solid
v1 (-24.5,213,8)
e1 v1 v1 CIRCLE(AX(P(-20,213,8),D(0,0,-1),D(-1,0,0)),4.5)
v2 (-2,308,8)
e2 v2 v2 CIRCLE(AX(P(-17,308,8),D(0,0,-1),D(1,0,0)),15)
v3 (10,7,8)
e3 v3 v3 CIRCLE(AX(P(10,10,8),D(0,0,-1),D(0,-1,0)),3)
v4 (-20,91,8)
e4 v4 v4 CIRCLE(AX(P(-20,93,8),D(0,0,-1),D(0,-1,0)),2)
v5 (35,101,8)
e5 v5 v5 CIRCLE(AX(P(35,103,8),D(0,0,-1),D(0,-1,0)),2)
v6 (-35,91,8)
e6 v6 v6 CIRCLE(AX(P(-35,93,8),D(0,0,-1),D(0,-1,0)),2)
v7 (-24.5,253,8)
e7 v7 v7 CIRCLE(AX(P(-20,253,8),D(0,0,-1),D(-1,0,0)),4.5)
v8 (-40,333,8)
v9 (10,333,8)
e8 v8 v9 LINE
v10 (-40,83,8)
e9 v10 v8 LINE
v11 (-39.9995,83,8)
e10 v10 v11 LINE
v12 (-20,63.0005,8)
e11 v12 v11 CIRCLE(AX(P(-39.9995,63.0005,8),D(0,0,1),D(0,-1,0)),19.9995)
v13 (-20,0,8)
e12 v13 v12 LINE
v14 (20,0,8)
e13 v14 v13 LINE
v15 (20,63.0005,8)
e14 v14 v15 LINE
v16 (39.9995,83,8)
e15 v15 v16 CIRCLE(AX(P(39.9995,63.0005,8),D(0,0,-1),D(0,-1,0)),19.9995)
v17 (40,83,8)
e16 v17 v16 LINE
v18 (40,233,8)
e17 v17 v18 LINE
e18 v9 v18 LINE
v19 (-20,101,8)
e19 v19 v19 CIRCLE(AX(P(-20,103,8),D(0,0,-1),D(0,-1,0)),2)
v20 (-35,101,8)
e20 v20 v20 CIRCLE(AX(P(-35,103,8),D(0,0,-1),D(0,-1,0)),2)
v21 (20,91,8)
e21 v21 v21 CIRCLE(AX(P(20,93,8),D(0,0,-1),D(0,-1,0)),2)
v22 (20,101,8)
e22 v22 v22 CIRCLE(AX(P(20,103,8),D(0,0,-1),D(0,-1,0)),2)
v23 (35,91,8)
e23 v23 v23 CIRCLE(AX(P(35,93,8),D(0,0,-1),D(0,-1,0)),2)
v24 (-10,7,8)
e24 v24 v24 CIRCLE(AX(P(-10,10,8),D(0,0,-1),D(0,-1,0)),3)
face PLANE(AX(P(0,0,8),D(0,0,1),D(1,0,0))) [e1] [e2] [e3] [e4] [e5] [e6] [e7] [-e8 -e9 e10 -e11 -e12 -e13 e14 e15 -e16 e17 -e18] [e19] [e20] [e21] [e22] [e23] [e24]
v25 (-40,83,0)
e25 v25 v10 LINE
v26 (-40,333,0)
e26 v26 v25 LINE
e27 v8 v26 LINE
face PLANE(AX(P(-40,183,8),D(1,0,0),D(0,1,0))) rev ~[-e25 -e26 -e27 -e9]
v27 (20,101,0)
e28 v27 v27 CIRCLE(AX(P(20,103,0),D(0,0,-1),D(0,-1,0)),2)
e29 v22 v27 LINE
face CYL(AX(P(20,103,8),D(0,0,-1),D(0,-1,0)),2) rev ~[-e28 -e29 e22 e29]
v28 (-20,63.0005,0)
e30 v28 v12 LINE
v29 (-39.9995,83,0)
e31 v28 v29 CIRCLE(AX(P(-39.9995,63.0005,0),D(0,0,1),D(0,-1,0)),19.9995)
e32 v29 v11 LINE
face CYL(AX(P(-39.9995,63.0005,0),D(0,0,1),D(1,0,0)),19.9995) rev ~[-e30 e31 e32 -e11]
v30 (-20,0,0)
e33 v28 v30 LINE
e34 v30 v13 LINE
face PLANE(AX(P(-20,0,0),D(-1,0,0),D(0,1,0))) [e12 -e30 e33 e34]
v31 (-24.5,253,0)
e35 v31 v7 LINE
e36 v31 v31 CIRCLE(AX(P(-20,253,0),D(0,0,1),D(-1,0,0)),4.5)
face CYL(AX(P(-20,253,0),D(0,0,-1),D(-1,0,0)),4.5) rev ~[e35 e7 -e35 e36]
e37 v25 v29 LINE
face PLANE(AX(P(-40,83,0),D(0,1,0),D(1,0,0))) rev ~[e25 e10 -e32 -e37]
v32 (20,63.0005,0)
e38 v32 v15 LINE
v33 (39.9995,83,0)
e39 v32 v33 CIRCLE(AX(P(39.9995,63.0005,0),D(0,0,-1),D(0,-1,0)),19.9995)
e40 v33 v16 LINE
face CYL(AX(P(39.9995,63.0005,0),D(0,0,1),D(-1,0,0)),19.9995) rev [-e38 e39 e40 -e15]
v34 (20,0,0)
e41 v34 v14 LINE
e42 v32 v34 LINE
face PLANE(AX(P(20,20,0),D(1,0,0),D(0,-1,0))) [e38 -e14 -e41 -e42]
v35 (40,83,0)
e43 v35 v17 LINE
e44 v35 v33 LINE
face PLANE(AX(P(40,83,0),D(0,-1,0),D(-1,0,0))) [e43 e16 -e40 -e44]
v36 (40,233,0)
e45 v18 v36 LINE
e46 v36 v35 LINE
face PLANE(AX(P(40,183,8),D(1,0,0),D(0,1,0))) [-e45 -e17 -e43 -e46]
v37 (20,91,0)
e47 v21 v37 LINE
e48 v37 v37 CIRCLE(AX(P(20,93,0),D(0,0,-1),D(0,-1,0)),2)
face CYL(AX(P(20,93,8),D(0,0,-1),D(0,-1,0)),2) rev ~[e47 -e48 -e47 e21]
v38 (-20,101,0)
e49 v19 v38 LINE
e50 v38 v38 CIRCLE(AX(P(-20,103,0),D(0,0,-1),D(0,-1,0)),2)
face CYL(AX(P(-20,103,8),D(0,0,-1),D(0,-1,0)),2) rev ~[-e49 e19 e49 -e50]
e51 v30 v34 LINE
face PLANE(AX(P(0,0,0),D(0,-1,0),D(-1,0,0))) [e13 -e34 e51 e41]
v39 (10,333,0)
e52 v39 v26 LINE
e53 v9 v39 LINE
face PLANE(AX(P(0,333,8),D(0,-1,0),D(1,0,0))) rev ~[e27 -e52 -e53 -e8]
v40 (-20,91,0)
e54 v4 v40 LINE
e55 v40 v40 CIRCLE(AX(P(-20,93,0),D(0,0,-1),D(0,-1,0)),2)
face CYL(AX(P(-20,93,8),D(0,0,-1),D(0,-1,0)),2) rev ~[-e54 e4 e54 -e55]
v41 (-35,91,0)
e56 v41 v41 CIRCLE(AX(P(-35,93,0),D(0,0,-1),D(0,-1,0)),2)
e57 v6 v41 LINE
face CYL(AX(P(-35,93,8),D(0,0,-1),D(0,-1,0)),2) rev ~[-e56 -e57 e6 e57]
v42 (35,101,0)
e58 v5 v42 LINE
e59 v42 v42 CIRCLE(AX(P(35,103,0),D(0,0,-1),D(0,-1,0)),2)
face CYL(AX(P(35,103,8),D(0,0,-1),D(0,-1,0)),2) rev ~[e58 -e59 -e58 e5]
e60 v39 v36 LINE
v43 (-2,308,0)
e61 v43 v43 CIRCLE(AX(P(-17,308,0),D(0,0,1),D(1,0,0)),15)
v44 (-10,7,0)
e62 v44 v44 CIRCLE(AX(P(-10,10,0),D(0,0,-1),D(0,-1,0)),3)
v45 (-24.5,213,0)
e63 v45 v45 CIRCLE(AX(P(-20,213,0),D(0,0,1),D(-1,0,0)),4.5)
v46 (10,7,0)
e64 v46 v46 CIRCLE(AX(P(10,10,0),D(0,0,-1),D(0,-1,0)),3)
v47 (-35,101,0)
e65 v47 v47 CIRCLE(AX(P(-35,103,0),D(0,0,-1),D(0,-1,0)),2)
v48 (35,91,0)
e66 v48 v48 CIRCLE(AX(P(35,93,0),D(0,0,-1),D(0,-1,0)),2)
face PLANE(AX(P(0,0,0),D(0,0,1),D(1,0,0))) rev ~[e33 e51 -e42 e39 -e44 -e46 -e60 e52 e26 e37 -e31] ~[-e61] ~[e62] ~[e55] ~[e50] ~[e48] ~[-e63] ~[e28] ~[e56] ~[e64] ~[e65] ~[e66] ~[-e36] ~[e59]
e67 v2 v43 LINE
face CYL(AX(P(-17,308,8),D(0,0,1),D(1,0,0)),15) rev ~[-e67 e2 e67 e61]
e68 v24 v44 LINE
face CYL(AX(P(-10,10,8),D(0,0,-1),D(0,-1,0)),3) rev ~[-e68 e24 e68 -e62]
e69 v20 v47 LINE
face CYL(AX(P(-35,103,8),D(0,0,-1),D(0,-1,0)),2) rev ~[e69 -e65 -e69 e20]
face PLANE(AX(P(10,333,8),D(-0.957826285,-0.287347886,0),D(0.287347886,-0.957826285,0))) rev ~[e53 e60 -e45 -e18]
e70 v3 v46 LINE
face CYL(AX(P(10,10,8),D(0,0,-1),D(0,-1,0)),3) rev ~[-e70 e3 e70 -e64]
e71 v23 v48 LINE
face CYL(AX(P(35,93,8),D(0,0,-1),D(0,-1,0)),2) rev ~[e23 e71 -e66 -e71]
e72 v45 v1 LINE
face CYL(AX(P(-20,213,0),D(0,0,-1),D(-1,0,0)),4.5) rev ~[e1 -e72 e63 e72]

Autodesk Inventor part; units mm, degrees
ref_plane "YZ Plane" through (0, 0, 0) normal (1, 0, 0) x (0, 1, 0)
ref_plane "XZ Plane" through (0, 0, 0) normal (0, 1, 0) x (-1, 0, 0)
ref_plane "XY Plane" through (0, 0, 0) normal (0, 0, 1) x (1, 0, 0)
sketch "Szkic1" plane through (0, 0, 0) normal (0, 0, 1) x (1, 0, 0)
  line L0 (0, 0) -> (20, 0)
  line L1 (0, 0) -> (-20, 0)
  line L2 (-20, 0) -> (-20, 20)
  line L3 (-20, 0) -> (0, 0) construction
  line L4 (-20, 20) -> (20, 20)
  line L5 (20, 20) -> (20, 0)
  line L6 (-20, 0) -> (-20, 88)
  line L7 (-20, 88) -> (20, 88)
  line L8 (20, 88) -> (20, 20)
  line L9 (20, 88) -> (20, 93)
  line L10 (20, 93) -> (-20, 93)
  line L11 (-20, 93) -> (-20, 88)
  line L12 (0, 93) -> (35, 93)
  line L13 (35, 93) -> (40, 93)
  line L14 (0, 93) -> (-35, 93)
  line L15 (-35, 93) -> (-40, 93)
  line L16 (-40, 93) -> (-40, 103)
  line L17 (-40, 103) -> (40, 103)
  line L18 (40, 103) -> (40, 93)
  line L19 (-35, 93) -> (-35, 103)
  line L20 (35, 93) -> (35, 103)
  circle A0 centre (-35, 103) radius 1.5
  circle A1 centre (-35, 93) radius 1.5
  circle A2 centre (35, 103) radius 1.5
  circle A3 centre (35, 93) radius 1.5
  line L21 (40, 93) -> (40, 83)
  line L22 (40, 83) -> (20, 83)
  line L23 (-40, 93) -> (-40, 83)
  line L24 (-40, 83) -> (-20, 83)
  line L25 (-40, 103) -> (-40, 183)
  line L26 (40, 103) -> (40, 183)
  line L27 (40, 183) -> (-40, 183)
  dimension "d0" = 20
  dimension "d1" = 20
  dimension "d2" = 20
  dimension "d3" = 90
  dimension "d4" = 88
  dimension "d5" = 5
  dimension "d6" = 35
  dimension "d7" = 5
  dimension "d8" = 35
  dimension "d9" = 5
  dimension "d10" = 10
  dimension "d11" = 3
  dimension "d12" = 3
  dimension "d13" = 3
  dimension "d14" = 3
  dimension "d15" = 10
  dimension "d16" = 10
  dimension "d17" = 80
  dimension "d18" = 80
extrude "Wyciągnięcie proste1" add sketch "Szkic1" along normal blind 8
sketch "Szkic2" plane through (0, 0, 8) normal (0, 0, 1) x (1, 0, 0)
  circle A0 centre (-35, 103) radius 1.5 projected
  circle A1 centre (-35, 93) radius 1.5 projected
  circle A2 centre (35, 103) radius 1.5 projected
  circle A3 centre (35, 93) radius 1.5 projected
  line L0 (-35, 103) -> (35, 103)
  line L1 (-35, 93) -> (35, 93)
  line L2 (-35, 103) -> (-20, 103)
  line L3 (-20, 103) -> (-20, 93)
  line L4 (35, 103) -> (20, 103)
  line L5 (20, 103) -> (20, 93)
  circle A4 centre (-20, 103) radius 2
  circle A5 centre (-20, 93) radius 2
  circle A6 centre (20, 103) radius 2
  circle A7 centre (20, 93) radius 2
  line L6 (40, 83) -> (40, 183) projected
  line L7 (40, 183) -> (-40, 183) projected
  line L8 (-40, 183) -> (-40, 83) projected
  line L9 (-40, 83) -> (-20, 83) projected
  line L10 (-20, 83) -> (-20, 0) projected
  line L11 (-20, 0) -> (20, 0) projected
  line L12 (20, 0) -> (20, 83) projected
  line L13 (20, 83) -> (40, 83) projected
  line L14 (-20, 0) -> (20, 0) projected
  line L15 (-20, 0) -> (-20, 10)
  line L16 (-20, 83) -> (-20, 0) projected
  line L17 (-20, 10) -> (20, 10)
  line L18 (-20, 10) -> (-10, 10)
  line L19 (20, 10) -> (10, 10)
  circle A8 centre (-10, 10) radius 3
  circle A9 centre (10, 10) radius 3
  point P0 (0, 0)
  dimension "d21" = 15
  dimension "d22" = 15
  dimension "d23" = 4
  dimension "d24" = 4
  dimension "d25" = 4
  dimension "d26" = 4
  dimension "d27" = 10
  dimension "d28" = 10
  dimension "d29" = 10
  dimension "d30" = 6
  dimension "d31" = 6
hole "Otwór1" at (-20, 103, 8) at (-20, 93, 8) at (20, 103, 8) at (20, 93, 8) at (-35, 103, 8) at (-35, 93, 8) at (35, 103, 8) at (35, 93, 8) direction (0, 0, -1) diameter 4 end through all
sketch "Szkic3" plane through (0, 0, 8) normal (0, 0, 1) x (1, 0, 0)
  circle A0 centre (-10, 10) radius 3 projected
  circle A1 centre (10, 10) radius 3 projected
  point P0 (0, 0)
hole "Otwór2" at (-10, 10, 8) at (10, 10, 8) direction (0, 0, -1) diameter 6 end through all
fillet "Zaokrąglenie1" radius 20 2 edges at (20, 83, 4) (-20, 83, 4)
sketch "Szkic4" plane through (0, 0, 8) normal (0, 0, 1) x (1, 0, 0)
  line L0 (40, 183) -> (-40, 183) projected
  line L1 (40, 83) -> (40, 183) projected
  line L2 (40, 183) -> (-40, 183)
  line L3 (-40, 183) -> (-40, 333)
  line L4 (-40, 333) -> (0, 333)
  line L5 (40, 183) -> (40, 233)
  line L6 (40, 233) -> (0, 333)
  point P0 (0, 0)
  dimension "d47" = 150
  dimension "d50" = 50
extrude "Wyciągnięcie proste2" add sketch "Szkic4" against normal up to surface (8 mm away)
sketch "Szkic5" plane through (0, 0, 8) normal (0, 0, 1) x (1, 0, 0)
  line L0 (0, 333) -> (-40, 333) projected
  line L1 (-40, 333) -> (-40, 83) projected
  line L2 (-40, 333) -> (-40, 308)
  line L3 (-40, 308) -> (-17, 308)
  circle A0 centre (-17, 308) radius 15
  point P0 (0, 0)
  dimension "d51" = 25
  dimension "d52" = 23
  dimension "d53" = 30
extrude "Wyciągnięcie proste3" cut sketch "Szkic5" against normal up to next
sketch "Szkic6" plane through (0, 0, 8) normal (0, 0, 1) x (1, 0, 0)
  line L0 (40, 233) -> (0, 333) projected
  line L1 (0, 333) -> (10, 333)
  line L2 (10, 333) -> (40, 233)
  point P0 (0, 0)
  dimension "d56" = 10
extrude "Wyciągnięcie proste4" add sketch "Szkic6" against normal blind 8
sketch "Szkic7" plane through (0, 0, 0) normal (0, 0, -1) x (-1, 0, 0)
  line L0 (40, 83) -> (40, 333) projected
  line L1 (40, 333) -> (40, 263)
  line L2 (40, 263) -> (0, 263)
  line L3 (0, 263) -> (0, 183)
  line L4 (0, 183) -> (40, 183)
  line L5 (40, 263) -> (20, 263)
  line L6 (20, 263) -> (20, 183)
  line L7 (20, 263) -> (20, 253)
  line L8 (20, 183) -> (20, 213)
  circle A0 centre (20, 253) radius 4.5
  circle A1 centre (20, 213) radius 4.5
  point P0 (0, 0)
  dimension "d59" = 70
  dimension "d60" = 40
  dimension "d61" = 80
  dimension "d62" = 20
  dimension "d63" = 10
  dimension "d64" = 30
  dimension "d65" = 9
  dimension "d66" = 9
extrude "Wyciągnięcie proste5" cut sketch "Szkic7" against normal up to next contours A1 L6 | L6 A1 | A0 L6 | L6 A0
properties part number "Wspornik pionowy osi Y - lewa strona"
